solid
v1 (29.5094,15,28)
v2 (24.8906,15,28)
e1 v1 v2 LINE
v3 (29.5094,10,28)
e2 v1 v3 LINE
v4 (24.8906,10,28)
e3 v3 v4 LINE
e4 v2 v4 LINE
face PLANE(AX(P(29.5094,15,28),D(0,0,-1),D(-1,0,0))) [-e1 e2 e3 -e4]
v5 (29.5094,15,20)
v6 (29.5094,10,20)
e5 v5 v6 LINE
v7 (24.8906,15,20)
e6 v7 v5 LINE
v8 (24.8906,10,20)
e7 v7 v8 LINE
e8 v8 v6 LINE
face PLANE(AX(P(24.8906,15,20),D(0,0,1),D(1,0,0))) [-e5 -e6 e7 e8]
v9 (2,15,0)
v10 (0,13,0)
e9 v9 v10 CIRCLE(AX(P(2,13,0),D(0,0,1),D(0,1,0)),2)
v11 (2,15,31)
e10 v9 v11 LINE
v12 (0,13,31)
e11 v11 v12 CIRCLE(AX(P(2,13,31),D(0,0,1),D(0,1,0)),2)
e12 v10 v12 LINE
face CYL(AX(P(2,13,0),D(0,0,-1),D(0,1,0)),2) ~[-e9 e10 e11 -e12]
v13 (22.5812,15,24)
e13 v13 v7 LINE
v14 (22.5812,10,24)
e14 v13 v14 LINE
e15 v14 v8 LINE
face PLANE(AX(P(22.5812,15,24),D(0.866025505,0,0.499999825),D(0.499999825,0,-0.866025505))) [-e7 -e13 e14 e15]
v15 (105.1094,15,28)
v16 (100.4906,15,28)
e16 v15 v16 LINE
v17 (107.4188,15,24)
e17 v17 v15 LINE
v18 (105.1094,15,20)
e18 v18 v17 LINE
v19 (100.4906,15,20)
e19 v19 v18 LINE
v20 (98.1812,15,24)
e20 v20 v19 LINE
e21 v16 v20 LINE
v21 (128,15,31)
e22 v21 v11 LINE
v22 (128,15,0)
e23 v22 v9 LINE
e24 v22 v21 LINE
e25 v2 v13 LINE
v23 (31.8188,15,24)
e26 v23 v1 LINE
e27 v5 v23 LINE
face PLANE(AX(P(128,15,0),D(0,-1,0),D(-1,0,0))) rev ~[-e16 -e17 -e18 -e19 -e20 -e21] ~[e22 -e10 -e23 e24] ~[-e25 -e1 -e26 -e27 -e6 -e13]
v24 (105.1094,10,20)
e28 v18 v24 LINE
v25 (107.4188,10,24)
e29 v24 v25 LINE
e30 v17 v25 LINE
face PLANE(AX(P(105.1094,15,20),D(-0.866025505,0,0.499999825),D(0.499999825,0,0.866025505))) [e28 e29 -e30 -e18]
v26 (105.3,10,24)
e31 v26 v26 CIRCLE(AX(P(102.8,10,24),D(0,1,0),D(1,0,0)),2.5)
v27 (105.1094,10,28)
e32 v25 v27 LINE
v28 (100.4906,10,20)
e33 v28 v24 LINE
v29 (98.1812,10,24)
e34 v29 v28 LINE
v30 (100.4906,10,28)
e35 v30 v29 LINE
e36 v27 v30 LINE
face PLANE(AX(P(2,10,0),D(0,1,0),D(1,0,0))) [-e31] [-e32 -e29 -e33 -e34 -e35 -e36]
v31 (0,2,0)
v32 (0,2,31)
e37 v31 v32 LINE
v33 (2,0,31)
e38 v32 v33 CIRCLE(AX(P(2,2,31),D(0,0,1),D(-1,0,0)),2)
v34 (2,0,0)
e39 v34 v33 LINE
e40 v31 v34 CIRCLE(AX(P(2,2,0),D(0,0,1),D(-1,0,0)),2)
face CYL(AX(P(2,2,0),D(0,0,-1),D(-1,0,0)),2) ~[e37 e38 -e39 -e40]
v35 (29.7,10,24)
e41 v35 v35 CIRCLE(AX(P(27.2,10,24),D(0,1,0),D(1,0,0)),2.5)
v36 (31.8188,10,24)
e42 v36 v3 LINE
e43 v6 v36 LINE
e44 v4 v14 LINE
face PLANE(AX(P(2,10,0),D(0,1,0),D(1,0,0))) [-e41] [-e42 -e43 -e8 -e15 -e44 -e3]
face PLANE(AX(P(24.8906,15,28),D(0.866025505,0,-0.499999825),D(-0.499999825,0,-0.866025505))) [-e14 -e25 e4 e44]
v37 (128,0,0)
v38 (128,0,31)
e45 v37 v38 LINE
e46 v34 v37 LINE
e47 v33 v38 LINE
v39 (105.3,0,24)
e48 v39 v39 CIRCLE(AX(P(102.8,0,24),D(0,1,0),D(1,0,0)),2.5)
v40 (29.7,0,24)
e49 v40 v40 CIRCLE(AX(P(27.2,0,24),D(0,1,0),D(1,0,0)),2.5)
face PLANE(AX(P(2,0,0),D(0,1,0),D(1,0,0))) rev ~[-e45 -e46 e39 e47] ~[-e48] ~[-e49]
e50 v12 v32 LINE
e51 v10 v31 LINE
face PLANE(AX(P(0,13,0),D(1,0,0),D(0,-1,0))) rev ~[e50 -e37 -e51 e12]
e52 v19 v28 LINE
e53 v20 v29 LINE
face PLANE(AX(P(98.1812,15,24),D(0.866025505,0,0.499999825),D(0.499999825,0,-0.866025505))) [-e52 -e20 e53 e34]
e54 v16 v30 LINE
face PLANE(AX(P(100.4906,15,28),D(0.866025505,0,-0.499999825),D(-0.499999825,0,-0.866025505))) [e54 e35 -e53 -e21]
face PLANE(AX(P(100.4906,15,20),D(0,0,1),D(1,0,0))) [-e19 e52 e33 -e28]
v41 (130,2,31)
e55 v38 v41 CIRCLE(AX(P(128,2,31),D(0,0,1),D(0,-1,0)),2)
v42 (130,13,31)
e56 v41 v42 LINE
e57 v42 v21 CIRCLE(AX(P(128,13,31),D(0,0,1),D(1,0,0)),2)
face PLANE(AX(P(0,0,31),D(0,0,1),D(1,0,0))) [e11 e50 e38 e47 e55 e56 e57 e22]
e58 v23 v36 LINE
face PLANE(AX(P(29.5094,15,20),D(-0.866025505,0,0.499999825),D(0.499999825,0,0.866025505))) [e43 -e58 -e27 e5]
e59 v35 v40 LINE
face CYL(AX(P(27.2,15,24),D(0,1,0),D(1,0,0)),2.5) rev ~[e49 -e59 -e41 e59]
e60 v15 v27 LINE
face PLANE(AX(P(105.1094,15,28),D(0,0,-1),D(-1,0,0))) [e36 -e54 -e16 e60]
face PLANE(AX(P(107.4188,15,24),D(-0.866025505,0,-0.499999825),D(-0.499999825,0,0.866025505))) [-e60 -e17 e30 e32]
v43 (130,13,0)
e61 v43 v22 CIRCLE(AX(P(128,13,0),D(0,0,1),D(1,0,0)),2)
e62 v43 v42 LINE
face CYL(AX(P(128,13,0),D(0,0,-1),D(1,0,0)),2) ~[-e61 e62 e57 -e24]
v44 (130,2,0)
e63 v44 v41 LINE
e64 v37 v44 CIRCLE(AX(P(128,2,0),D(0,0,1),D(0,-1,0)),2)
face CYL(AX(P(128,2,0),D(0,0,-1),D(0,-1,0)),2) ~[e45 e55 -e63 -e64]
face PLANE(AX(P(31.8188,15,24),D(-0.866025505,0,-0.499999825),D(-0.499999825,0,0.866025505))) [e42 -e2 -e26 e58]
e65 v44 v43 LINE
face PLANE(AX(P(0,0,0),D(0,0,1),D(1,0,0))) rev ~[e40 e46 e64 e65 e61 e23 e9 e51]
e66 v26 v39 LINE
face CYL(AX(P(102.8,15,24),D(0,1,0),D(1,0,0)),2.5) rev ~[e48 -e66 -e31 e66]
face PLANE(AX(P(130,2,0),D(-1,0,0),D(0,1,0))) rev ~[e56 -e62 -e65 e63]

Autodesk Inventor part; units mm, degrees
ref_plane "YZ Plane" through (0, 0, 0) normal (1, 0, 0) x (0, 1, 0)
ref_plane "XZ Plane" through (0, 0, 0) normal (0, 1, 0) x (-1, 0, 0)
ref_plane "XY Plane" through (0, 0, 0) normal (0, 0, 1) x (1, 0, 0)
sketch "Sketch1" plane through (0, 0, 0) normal (0, 0, 1) x (1, 0, 0)
  line L0 (2, 0) -> (128, 0)
  line L1 (130, 2) -> (130, 13)
  line L2 (128, 15) -> (2, 15)
  line L3 (0, 13) -> (0, 2)
  arc A0 (130, 13) -> (128, 15) centre (128, 13) ccw
  arc A1 (128, 0) -> (130, 2) centre (128, 2) ccw
  arc A2 (0, 2) -> (2, 0) centre (2, 2) ccw
  arc A3 (2, 15) -> (0, 13) centre (2, 13) ccw
  point P0 (0, 0)
  point P1 (130, 15)
  point P2 (130, 0)
  point P3 (0, 15)
  dimension "d0" = 130
  dimension "d1" = 15
  dimension "d2" = 2
extrude "Extrusion1" add sketch "Sketch1" along normal blind 31
sketch "Sketch4" plane through (2, 15, 0) normal (0, 1, 0) x (1, 0, 0)
  circle A0 centre (100.8, -24) radius 2.5
  circle A1 centre (25.2, -24) radius 2.5
  line L0 (0, 0) -> (126, 0) projected
  line L1 (126, -31) -> (0, -31) projected
  point P0 (-2, 0)
  dimension "d31" = 5
  dimension "d32" = 100.8
  dimension "d33" = 126
  dimension "d34" = 25.2
  dimension "d35" = 24
  dimension "d36" = 24
  dimension "d42" = 7
extrude "Extrusion5" cut sketch "Sketch4" against normal up to next
sketch "Sketch5" plane through (2, 15, 0) normal (0, 1, 0) x (1, 0, 0)
  circle A0 centre (100.8, -24) radius 2.5 projected
  circle A1 centre (25.2, -24) radius 2.5 projected
  line L0 (98.4906, -20) -> (103.1094, -20)
  line L1 (103.1094, -20) -> (105.4188, -24)
  line L2 (105.4188, -24) -> (103.1094, -28)
  line L3 (103.1094, -28) -> (98.4906, -28)
  line L4 (98.4906, -28) -> (96.1812, -24)
  line L5 (96.1812, -24) -> (98.4906, -20)
  line L6 (22.8906, -20) -> (27.5094, -20)
  line L7 (27.5094, -20) -> (29.8188, -24)
  line L8 (29.8188, -24) -> (27.5094, -28)
  line L9 (27.5094, -28) -> (22.8906, -28)
  line L10 (22.8906, -28) -> (20.5812, -24)
  line L11 (20.5812, -24) -> (22.8906, -20)
  point P0 (-2, 0)
  point P1 (25.2, -28)
  point P2 (100.8, -28)
  dimension "d39" = 8
extrude "Extrusion6" cut sketch "Sketch5" against normal blind 5 contours A1 | L0 L1 L2 L3 L4 L5 | L6 L7 L8 L9 L10 L11
equation "\"d32\" = 0.8 * d33"
equation "\"d34\" = 0.2 * d33"
equation "\"d36\" = d35"
properties part number "License_plate_mount"
